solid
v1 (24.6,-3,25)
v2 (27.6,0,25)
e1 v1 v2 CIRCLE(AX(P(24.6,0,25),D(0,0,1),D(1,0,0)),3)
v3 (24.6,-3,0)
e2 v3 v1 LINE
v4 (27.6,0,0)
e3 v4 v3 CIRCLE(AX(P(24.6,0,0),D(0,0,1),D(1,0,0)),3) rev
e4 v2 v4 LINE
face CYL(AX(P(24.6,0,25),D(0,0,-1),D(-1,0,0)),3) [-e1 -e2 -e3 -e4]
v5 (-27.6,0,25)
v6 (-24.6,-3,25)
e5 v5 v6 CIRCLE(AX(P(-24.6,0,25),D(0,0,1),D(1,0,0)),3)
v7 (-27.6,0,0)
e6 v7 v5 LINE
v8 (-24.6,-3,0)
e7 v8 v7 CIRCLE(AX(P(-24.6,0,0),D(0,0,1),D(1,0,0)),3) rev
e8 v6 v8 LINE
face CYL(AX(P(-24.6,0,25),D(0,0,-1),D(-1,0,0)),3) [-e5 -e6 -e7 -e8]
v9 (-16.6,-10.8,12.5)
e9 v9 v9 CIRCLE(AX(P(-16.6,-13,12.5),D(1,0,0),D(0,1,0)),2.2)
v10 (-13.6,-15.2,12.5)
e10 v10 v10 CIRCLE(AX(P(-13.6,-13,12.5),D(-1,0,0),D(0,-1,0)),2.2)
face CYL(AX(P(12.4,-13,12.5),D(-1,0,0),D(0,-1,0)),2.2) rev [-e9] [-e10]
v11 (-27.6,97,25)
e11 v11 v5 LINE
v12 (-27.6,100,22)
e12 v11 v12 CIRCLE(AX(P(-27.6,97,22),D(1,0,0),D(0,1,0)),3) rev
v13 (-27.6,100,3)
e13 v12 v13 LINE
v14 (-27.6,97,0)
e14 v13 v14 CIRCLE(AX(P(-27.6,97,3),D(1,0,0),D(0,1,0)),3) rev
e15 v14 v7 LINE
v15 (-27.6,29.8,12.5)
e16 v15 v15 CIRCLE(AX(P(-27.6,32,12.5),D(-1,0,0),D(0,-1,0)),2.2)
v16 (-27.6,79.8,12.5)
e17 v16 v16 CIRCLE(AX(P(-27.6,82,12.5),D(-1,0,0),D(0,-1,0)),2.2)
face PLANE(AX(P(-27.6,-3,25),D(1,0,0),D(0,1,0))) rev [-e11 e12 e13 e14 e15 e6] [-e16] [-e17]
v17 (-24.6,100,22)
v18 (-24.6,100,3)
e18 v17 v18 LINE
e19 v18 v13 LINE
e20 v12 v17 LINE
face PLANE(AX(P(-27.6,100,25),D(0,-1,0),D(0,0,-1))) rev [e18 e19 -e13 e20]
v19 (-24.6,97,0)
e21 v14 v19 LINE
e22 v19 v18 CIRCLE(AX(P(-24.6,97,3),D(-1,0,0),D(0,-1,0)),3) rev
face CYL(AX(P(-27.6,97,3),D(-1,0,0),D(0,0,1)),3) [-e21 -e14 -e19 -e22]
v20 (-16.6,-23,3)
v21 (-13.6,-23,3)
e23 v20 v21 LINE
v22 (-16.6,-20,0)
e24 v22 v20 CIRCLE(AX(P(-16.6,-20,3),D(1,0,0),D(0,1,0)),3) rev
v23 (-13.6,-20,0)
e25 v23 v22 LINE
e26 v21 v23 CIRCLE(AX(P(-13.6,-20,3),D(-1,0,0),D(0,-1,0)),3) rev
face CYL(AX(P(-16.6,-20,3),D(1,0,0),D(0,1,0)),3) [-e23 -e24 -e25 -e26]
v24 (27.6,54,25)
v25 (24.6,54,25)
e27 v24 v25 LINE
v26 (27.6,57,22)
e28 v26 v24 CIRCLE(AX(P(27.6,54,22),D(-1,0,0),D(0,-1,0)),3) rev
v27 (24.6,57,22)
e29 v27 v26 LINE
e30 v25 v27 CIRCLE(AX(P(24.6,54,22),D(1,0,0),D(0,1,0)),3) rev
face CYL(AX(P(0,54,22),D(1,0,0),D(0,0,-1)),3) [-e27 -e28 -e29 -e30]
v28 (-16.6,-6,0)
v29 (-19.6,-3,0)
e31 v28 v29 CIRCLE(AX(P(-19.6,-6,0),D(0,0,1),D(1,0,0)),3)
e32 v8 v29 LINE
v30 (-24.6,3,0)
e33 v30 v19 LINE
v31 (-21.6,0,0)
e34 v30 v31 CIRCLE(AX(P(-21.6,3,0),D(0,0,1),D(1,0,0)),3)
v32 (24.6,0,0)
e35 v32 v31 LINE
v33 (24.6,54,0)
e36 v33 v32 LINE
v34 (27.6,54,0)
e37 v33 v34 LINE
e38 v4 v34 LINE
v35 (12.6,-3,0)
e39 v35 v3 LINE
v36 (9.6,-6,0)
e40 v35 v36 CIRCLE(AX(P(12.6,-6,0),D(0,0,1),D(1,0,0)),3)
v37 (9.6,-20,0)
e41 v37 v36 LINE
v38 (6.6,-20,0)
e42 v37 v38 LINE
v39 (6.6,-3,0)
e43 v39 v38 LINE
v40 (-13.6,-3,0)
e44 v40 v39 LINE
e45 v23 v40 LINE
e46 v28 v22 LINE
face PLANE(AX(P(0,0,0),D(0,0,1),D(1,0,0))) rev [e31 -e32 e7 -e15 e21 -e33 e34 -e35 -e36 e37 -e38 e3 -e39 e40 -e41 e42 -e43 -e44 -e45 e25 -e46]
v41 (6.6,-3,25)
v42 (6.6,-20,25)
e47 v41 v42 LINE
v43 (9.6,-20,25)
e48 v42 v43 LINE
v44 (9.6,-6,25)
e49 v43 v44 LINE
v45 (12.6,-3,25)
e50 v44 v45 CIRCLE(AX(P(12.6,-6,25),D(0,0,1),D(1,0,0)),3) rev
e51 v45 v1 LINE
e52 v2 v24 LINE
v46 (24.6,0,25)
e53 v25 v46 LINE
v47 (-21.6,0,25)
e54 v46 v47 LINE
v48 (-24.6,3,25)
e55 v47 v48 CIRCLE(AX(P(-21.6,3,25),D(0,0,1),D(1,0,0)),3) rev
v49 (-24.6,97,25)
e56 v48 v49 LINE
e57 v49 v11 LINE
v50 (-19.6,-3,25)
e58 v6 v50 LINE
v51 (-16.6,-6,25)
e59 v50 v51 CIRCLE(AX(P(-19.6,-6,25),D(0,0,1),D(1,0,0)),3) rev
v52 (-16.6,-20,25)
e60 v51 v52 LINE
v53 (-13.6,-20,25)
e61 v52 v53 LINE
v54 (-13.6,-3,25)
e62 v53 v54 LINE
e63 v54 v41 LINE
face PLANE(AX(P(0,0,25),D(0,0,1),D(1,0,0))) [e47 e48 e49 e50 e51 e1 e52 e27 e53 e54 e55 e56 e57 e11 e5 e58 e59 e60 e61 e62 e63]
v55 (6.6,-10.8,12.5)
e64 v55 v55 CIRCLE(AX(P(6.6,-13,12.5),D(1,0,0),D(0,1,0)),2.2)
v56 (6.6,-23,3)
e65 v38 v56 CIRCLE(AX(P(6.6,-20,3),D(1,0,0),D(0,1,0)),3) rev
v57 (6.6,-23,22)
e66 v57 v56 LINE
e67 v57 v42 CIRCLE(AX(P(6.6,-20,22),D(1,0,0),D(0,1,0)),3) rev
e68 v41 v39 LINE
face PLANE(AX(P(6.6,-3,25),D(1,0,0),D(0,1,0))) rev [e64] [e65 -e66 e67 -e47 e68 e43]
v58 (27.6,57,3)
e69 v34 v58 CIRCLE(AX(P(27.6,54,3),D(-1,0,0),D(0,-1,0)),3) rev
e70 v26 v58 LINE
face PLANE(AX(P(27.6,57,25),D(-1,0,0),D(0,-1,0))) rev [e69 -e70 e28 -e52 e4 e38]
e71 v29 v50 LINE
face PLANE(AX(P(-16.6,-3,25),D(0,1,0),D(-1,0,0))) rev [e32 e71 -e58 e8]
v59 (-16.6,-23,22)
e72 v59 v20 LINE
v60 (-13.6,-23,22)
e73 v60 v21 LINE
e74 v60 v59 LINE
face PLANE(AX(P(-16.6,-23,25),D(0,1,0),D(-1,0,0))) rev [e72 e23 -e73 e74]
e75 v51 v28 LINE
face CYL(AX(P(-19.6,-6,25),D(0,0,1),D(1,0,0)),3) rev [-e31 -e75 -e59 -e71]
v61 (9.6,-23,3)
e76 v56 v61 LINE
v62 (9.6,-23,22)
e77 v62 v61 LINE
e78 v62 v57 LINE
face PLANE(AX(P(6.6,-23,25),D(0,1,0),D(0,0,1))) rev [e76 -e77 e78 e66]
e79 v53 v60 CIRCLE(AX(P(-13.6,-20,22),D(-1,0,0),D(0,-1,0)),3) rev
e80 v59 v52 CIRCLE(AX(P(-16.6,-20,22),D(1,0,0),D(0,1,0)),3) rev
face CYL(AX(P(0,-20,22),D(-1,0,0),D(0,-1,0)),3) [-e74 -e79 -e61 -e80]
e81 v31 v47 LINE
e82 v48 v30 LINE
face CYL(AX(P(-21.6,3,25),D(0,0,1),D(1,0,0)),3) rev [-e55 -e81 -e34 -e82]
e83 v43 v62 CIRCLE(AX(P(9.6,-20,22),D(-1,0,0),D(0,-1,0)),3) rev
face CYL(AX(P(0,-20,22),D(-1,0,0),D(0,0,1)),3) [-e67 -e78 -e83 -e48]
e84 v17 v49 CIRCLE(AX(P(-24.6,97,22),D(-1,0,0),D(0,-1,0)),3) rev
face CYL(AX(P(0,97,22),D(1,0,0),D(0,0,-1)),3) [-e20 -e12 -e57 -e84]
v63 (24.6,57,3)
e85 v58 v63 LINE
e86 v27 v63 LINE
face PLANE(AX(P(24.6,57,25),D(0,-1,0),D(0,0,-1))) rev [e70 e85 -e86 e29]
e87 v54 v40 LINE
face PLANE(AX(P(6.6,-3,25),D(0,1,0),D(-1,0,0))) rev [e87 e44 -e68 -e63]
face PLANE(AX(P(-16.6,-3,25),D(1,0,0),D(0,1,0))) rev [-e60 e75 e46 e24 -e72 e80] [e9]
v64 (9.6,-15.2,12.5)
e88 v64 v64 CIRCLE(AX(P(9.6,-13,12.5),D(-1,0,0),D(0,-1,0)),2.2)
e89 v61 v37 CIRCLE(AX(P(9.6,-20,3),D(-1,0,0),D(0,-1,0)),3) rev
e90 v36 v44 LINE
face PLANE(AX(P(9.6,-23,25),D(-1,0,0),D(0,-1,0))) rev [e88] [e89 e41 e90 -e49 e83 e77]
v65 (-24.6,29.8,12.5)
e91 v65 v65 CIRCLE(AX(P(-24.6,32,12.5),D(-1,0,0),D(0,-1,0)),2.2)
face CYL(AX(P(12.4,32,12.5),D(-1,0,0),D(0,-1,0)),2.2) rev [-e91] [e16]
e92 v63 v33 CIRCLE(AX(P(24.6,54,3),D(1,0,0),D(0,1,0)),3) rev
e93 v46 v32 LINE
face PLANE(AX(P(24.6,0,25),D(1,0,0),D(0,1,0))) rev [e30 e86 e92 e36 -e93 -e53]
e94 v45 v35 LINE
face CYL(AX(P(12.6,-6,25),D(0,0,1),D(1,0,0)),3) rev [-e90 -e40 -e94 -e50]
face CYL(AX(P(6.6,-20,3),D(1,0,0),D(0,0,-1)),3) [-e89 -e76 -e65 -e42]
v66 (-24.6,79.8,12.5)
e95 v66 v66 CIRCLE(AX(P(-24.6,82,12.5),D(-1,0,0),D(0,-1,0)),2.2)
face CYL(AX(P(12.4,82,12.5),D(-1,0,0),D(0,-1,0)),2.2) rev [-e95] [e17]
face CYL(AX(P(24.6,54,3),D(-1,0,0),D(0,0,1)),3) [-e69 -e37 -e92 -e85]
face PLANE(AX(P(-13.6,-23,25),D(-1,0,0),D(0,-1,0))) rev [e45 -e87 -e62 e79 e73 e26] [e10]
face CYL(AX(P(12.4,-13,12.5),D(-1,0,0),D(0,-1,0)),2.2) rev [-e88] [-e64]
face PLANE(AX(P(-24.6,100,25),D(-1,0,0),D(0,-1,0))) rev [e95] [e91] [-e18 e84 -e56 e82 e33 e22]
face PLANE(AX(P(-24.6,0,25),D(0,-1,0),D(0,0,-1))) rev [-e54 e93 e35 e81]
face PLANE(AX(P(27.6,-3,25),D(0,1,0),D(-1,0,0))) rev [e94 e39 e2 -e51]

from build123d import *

# Parameters (mm, degrees)
BOSS_EXTRUDE1_DEPTH = 25
FILLET1_R           = 3
SKETCH2_R           = 2.2
CUT_EXTRUDE1_DEPTH  = 40


with BuildPart() as part:
    # Sketch1 → Boss-Extrude1 (new body)
    with BuildSketch(Plane.XY):
        Polygon((-24.6, 0), (24.6, 0), (24.6, 57), (27.6, 57), (27.6, -3), (9.6, -3), (9.6, -23), (6.6, -23), (6.6, -3), (-13.6, -3), (-13.6, -23), (-16.6, -23), (-16.6, -3), (-27.6, -3), (-27.6, 100), (-24.6, 100), align=None)
    extrude(amount=BOSS_EXTRUDE1_DEPTH)

    # Fillet1
    fillet1_edges = [part.edges().sort_by_distance(p)[0] for p in [
        (26.1, 57, 0),
        (8.1, -23, 0),
        (-15.1, -23, 0),
        (-15.1, -23, 25),
        (-26.1, 100, 0),
        (-24.6, 0, 12.5),
        (27.6, -3, 12.5),
        (9.6, -3, 12.5),
        (-16.6, -3, 12.5),
        (-27.6, -3, 12.5),
        (8.1, -23, 25),
        (26.1, 57, 25),
        (-26.1, 100, 25),
    ]]
    fillet(fillet1_edges, radius=FILLET1_R)

    # Sketch2 → Cut-Extrude1 (cut)
    with BuildSketch(Plane.ZY.offset(27.6)):
        with Locations(Location((12.5, 82, 0), (0, 0, 270))):
            Circle(SKETCH2_R)
        with Locations(Location((12.5, 32, 0), (0, 0, 270))):
            Circle(SKETCH2_R)
        with Locations(Location((12.5, -13, 0), (0, 0, 270))):
            Circle(SKETCH2_R)
    extrude(amount=-CUT_EXTRUDE1_DEPTH, mode=Mode.SUBTRACT)


solid = part.part
